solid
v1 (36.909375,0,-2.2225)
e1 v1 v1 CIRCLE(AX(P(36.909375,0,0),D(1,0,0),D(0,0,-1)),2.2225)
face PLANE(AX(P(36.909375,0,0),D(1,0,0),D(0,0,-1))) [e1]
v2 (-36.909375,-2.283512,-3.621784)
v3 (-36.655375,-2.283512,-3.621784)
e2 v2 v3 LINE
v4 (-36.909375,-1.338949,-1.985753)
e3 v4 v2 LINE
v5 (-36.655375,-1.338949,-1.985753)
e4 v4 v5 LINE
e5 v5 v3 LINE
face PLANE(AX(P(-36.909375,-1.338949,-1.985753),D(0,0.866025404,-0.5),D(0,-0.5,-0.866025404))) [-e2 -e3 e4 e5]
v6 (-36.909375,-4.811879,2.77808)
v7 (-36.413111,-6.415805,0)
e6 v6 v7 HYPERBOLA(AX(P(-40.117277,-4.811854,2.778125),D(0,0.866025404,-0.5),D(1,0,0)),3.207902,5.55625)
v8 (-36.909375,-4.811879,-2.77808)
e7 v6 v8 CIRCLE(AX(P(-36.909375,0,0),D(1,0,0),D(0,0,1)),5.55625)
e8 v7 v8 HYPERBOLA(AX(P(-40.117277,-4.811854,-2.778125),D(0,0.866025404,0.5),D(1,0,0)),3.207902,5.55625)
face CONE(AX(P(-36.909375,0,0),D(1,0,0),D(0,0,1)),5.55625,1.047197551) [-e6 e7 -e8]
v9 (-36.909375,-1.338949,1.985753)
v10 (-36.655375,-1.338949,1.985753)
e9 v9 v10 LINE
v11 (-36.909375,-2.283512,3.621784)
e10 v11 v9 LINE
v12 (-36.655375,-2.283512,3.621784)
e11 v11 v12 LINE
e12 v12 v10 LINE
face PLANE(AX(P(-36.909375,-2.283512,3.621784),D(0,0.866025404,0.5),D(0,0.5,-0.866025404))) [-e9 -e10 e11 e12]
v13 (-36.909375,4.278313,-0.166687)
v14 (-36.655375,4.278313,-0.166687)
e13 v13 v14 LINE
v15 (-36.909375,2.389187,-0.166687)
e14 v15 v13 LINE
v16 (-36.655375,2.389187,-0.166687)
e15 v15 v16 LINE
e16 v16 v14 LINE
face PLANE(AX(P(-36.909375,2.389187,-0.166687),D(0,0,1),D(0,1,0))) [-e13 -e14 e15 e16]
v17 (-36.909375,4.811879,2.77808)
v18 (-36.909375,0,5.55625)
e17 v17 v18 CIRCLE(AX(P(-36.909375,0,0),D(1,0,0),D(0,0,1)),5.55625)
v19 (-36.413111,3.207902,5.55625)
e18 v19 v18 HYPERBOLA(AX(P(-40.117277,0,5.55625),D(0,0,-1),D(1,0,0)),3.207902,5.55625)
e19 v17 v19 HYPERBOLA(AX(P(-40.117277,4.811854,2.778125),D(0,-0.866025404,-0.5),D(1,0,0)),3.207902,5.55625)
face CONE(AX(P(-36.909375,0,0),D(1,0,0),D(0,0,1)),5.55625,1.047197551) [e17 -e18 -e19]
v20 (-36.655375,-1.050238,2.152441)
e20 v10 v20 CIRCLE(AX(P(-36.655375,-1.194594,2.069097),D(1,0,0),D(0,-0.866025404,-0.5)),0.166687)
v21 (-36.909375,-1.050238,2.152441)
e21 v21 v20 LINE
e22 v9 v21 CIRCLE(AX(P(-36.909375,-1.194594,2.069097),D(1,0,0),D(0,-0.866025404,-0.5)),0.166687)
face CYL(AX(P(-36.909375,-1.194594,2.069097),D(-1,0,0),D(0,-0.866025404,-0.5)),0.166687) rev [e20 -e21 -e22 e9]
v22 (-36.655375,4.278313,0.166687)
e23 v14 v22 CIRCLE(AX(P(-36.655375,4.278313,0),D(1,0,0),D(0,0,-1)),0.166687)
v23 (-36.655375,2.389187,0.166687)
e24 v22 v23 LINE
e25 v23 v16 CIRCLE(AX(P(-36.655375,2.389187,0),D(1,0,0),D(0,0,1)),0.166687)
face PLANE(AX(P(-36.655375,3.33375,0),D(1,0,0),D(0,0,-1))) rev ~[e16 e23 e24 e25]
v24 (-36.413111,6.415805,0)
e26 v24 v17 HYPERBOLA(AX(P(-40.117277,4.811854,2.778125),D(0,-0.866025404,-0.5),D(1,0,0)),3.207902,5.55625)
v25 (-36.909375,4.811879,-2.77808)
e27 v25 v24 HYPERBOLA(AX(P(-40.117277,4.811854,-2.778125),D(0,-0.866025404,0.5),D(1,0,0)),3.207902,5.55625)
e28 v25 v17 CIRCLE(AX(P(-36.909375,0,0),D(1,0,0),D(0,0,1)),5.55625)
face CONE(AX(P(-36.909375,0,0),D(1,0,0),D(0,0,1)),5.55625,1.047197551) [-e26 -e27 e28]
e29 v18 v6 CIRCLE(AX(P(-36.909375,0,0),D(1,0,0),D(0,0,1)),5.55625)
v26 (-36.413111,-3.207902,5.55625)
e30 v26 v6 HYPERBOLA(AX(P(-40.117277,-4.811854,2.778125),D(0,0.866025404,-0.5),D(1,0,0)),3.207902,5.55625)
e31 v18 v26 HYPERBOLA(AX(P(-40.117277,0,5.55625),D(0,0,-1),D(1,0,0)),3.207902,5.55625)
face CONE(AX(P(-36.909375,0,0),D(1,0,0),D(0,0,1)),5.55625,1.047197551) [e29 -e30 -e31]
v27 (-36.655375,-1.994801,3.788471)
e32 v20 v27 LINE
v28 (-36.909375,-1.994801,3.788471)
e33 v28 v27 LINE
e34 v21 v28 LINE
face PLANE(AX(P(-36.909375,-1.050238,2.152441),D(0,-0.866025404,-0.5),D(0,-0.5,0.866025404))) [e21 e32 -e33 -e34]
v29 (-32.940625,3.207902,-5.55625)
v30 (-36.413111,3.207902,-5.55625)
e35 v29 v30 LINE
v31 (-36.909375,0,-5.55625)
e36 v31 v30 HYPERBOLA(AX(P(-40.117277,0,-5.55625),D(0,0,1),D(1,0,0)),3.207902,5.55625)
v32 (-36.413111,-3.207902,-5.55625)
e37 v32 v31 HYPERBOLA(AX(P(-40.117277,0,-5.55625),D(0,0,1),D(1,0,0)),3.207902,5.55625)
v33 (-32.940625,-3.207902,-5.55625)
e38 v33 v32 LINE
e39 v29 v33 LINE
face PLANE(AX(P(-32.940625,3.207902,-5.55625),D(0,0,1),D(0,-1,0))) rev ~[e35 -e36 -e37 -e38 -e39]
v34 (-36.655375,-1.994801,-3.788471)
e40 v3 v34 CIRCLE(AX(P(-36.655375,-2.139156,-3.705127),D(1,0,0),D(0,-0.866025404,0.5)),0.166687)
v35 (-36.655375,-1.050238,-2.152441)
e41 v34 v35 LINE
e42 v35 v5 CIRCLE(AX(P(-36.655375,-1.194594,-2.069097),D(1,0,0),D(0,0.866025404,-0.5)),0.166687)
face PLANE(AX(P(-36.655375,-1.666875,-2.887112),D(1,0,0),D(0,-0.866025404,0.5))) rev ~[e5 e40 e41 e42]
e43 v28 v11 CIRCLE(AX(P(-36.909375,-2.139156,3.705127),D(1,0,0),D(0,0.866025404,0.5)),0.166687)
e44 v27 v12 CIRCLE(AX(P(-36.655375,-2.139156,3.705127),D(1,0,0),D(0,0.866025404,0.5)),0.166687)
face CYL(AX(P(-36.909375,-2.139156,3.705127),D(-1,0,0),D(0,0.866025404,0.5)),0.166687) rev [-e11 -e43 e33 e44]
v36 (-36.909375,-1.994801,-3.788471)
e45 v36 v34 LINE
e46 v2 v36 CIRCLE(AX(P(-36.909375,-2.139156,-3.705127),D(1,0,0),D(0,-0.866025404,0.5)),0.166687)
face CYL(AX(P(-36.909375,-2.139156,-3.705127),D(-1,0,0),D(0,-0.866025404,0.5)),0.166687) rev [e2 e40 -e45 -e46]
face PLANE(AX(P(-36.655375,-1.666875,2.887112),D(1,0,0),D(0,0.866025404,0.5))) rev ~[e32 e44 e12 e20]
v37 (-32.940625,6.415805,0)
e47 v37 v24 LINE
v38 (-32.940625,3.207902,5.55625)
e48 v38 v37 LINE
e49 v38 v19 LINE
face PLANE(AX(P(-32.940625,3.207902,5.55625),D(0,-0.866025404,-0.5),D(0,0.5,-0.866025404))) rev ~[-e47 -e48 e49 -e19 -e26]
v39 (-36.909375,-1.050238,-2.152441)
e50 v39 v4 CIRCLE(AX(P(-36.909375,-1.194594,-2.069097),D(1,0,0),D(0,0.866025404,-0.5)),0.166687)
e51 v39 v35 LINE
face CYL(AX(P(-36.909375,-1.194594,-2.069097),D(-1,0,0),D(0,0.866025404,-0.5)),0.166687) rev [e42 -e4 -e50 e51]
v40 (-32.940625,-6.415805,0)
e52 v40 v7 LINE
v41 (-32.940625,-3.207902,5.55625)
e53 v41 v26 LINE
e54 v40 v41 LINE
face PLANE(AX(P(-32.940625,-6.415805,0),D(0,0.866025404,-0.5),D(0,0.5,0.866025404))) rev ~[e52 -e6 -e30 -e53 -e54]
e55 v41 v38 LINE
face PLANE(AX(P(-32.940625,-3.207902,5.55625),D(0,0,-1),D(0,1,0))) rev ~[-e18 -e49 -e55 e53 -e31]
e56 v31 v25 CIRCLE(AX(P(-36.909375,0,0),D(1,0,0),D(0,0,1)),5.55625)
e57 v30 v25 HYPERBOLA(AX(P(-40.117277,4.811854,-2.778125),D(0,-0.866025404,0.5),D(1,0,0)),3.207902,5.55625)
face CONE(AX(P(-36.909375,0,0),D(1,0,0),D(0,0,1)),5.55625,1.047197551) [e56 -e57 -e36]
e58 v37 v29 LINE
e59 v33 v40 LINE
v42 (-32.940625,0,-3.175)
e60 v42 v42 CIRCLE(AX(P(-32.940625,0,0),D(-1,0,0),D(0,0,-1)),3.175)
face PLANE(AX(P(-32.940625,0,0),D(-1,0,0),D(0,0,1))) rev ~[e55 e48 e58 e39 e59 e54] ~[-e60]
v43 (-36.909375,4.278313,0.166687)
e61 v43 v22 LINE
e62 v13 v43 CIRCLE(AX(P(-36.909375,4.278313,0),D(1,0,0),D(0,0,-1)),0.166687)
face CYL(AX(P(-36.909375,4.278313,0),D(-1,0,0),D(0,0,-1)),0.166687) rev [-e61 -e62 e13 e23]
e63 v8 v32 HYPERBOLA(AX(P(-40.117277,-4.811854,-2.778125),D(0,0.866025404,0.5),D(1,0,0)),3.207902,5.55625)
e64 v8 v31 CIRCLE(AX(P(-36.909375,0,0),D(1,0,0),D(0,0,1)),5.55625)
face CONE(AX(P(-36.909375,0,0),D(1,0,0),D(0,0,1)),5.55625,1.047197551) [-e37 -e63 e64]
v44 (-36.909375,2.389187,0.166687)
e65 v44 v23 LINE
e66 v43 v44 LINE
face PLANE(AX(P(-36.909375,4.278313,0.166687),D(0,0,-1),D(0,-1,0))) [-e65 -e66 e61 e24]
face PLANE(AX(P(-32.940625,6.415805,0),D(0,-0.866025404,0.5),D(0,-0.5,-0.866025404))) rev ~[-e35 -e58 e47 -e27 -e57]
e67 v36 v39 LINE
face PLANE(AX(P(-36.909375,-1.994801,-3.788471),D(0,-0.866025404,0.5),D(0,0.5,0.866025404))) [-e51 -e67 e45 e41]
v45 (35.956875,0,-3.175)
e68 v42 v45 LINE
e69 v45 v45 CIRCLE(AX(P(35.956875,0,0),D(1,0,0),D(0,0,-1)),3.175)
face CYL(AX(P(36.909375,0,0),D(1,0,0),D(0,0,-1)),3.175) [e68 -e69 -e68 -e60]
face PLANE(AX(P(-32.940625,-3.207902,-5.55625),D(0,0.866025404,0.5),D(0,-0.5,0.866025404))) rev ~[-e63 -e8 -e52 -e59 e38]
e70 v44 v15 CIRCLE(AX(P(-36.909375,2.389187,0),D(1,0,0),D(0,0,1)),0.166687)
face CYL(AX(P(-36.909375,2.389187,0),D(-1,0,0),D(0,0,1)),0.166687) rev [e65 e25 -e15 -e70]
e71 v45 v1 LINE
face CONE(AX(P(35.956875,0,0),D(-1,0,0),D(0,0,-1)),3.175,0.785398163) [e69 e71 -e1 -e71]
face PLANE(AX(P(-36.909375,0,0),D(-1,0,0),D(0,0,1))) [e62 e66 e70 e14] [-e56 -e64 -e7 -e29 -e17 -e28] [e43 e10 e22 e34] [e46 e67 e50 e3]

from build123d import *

# Parameters (mm, degrees)
SKETCH5_R           = 3.175
BOSS_EXTRUDE3_DEPTH = 69.85
CHAMFER1_SIZE       = 0.9525
BOSS_EXTRUDE4_DEPTH = 3.96875
SKETCH8_OUTSIDE_W   = 287.44
SKETCH8_OUTSIDE_H   = 289.16
SKETCH8_OUTSIDE_R   = 5.55625
CUT_EXTRUDE3_DEPTH  = 74.81875
CUT_EXTRUDE3_TAPER  = 60
CUT_EXTRUDE4_DEPTH  = 0.254
CIRPATTERN1_COUNT   = 3


with BuildPart() as part:
    # Sketch5 → Boss-Extrude3 (new body)
    with BuildSketch(Plane(origin=(36.909375, 0, 0), x_dir=(0, 0, -1), z_dir=(1, 0, 0))):
        Circle(SKETCH5_R)
    extrude(amount=-BOSS_EXTRUDE3_DEPTH)

    # Chamfer1
    chamfer1_edges = [part.edges().sort_by_distance(p)[0] for p in [
        (36.909375, 0, 3.175),
    ]]
    chamfer(chamfer1_edges, length=CHAMFER1_SIZE)

    # Sketch11 → Revolve1 (revolve)
    with BuildSketch(Plane.XY):
        Polygon((-32.940625, 3.175), (-32.940625, 0), (21.034375, 0), (17.859375, 3.175), align=None)
    revolve(axis=Axis((-32.940625, 0, 0), (1, 0, 0)))

    # Sketch6 → Boss-Extrude4 (add)
    with BuildSketch(Plane.ZY.offset(32.940625)):
        Polygon((5.55625, 3.207902433), (0, 6.415804866), (-5.55625, 3.207902433), (-5.55625, -3.207902433), (0, -6.415804866), (5.55625, -3.207902433), align=None)
    extrude(amount=BOSS_EXTRUDE4_DEPTH)

    # Sketch8 outside → Cut-Extrude3 (cut, through all)
    with BuildSketch(Plane.ZY.offset(36.909375)):
        Rectangle(SKETCH8_OUTSIDE_W, SKETCH8_OUTSIDE_H)
        Circle(SKETCH8_OUTSIDE_R, mode=Mode.SUBTRACT)
    extrude(amount=-CUT_EXTRUDE3_DEPTH, taper=CUT_EXTRUDE3_TAPER, mode=Mode.SUBTRACT)

    # Sketch12 → Cut-Extrude4 (cut)
    with BuildSketch(Plane.ZY.offset(36.909375)):
        with BuildLine():
            Line((0.1666875, 4.2783125), (0.1666875, 2.3891875))
            ThreePointArc((0.1666875, 2.3891875), (0, 2.2225), (-0.1666875, 2.3891875))
            Line((-0.1666875, 2.3891875), (-0.1666875, 4.2783125))
            ThreePointArc((-0.1666875, 4.2783125), (0, 4.445), (0.1666875, 4.2783125))
        make_face()
    cut_extrude4 = extrude(amount=-CUT_EXTRUDE4_DEPTH, mode=Mode.SUBTRACT)

    # CirPattern1: Cut-Extrude4 ×3 about axis
    cirpattern1_axis = Axis((0, 0, 0), (1, 0, 0))
    for i in range(1, CIRPATTERN1_COUNT):
        add(cut_extrude4.rotate(cirpattern1_axis, i * 360 / CIRPATTERN1_COUNT), mode=Mode.SUBTRACT)


solid = part.part
